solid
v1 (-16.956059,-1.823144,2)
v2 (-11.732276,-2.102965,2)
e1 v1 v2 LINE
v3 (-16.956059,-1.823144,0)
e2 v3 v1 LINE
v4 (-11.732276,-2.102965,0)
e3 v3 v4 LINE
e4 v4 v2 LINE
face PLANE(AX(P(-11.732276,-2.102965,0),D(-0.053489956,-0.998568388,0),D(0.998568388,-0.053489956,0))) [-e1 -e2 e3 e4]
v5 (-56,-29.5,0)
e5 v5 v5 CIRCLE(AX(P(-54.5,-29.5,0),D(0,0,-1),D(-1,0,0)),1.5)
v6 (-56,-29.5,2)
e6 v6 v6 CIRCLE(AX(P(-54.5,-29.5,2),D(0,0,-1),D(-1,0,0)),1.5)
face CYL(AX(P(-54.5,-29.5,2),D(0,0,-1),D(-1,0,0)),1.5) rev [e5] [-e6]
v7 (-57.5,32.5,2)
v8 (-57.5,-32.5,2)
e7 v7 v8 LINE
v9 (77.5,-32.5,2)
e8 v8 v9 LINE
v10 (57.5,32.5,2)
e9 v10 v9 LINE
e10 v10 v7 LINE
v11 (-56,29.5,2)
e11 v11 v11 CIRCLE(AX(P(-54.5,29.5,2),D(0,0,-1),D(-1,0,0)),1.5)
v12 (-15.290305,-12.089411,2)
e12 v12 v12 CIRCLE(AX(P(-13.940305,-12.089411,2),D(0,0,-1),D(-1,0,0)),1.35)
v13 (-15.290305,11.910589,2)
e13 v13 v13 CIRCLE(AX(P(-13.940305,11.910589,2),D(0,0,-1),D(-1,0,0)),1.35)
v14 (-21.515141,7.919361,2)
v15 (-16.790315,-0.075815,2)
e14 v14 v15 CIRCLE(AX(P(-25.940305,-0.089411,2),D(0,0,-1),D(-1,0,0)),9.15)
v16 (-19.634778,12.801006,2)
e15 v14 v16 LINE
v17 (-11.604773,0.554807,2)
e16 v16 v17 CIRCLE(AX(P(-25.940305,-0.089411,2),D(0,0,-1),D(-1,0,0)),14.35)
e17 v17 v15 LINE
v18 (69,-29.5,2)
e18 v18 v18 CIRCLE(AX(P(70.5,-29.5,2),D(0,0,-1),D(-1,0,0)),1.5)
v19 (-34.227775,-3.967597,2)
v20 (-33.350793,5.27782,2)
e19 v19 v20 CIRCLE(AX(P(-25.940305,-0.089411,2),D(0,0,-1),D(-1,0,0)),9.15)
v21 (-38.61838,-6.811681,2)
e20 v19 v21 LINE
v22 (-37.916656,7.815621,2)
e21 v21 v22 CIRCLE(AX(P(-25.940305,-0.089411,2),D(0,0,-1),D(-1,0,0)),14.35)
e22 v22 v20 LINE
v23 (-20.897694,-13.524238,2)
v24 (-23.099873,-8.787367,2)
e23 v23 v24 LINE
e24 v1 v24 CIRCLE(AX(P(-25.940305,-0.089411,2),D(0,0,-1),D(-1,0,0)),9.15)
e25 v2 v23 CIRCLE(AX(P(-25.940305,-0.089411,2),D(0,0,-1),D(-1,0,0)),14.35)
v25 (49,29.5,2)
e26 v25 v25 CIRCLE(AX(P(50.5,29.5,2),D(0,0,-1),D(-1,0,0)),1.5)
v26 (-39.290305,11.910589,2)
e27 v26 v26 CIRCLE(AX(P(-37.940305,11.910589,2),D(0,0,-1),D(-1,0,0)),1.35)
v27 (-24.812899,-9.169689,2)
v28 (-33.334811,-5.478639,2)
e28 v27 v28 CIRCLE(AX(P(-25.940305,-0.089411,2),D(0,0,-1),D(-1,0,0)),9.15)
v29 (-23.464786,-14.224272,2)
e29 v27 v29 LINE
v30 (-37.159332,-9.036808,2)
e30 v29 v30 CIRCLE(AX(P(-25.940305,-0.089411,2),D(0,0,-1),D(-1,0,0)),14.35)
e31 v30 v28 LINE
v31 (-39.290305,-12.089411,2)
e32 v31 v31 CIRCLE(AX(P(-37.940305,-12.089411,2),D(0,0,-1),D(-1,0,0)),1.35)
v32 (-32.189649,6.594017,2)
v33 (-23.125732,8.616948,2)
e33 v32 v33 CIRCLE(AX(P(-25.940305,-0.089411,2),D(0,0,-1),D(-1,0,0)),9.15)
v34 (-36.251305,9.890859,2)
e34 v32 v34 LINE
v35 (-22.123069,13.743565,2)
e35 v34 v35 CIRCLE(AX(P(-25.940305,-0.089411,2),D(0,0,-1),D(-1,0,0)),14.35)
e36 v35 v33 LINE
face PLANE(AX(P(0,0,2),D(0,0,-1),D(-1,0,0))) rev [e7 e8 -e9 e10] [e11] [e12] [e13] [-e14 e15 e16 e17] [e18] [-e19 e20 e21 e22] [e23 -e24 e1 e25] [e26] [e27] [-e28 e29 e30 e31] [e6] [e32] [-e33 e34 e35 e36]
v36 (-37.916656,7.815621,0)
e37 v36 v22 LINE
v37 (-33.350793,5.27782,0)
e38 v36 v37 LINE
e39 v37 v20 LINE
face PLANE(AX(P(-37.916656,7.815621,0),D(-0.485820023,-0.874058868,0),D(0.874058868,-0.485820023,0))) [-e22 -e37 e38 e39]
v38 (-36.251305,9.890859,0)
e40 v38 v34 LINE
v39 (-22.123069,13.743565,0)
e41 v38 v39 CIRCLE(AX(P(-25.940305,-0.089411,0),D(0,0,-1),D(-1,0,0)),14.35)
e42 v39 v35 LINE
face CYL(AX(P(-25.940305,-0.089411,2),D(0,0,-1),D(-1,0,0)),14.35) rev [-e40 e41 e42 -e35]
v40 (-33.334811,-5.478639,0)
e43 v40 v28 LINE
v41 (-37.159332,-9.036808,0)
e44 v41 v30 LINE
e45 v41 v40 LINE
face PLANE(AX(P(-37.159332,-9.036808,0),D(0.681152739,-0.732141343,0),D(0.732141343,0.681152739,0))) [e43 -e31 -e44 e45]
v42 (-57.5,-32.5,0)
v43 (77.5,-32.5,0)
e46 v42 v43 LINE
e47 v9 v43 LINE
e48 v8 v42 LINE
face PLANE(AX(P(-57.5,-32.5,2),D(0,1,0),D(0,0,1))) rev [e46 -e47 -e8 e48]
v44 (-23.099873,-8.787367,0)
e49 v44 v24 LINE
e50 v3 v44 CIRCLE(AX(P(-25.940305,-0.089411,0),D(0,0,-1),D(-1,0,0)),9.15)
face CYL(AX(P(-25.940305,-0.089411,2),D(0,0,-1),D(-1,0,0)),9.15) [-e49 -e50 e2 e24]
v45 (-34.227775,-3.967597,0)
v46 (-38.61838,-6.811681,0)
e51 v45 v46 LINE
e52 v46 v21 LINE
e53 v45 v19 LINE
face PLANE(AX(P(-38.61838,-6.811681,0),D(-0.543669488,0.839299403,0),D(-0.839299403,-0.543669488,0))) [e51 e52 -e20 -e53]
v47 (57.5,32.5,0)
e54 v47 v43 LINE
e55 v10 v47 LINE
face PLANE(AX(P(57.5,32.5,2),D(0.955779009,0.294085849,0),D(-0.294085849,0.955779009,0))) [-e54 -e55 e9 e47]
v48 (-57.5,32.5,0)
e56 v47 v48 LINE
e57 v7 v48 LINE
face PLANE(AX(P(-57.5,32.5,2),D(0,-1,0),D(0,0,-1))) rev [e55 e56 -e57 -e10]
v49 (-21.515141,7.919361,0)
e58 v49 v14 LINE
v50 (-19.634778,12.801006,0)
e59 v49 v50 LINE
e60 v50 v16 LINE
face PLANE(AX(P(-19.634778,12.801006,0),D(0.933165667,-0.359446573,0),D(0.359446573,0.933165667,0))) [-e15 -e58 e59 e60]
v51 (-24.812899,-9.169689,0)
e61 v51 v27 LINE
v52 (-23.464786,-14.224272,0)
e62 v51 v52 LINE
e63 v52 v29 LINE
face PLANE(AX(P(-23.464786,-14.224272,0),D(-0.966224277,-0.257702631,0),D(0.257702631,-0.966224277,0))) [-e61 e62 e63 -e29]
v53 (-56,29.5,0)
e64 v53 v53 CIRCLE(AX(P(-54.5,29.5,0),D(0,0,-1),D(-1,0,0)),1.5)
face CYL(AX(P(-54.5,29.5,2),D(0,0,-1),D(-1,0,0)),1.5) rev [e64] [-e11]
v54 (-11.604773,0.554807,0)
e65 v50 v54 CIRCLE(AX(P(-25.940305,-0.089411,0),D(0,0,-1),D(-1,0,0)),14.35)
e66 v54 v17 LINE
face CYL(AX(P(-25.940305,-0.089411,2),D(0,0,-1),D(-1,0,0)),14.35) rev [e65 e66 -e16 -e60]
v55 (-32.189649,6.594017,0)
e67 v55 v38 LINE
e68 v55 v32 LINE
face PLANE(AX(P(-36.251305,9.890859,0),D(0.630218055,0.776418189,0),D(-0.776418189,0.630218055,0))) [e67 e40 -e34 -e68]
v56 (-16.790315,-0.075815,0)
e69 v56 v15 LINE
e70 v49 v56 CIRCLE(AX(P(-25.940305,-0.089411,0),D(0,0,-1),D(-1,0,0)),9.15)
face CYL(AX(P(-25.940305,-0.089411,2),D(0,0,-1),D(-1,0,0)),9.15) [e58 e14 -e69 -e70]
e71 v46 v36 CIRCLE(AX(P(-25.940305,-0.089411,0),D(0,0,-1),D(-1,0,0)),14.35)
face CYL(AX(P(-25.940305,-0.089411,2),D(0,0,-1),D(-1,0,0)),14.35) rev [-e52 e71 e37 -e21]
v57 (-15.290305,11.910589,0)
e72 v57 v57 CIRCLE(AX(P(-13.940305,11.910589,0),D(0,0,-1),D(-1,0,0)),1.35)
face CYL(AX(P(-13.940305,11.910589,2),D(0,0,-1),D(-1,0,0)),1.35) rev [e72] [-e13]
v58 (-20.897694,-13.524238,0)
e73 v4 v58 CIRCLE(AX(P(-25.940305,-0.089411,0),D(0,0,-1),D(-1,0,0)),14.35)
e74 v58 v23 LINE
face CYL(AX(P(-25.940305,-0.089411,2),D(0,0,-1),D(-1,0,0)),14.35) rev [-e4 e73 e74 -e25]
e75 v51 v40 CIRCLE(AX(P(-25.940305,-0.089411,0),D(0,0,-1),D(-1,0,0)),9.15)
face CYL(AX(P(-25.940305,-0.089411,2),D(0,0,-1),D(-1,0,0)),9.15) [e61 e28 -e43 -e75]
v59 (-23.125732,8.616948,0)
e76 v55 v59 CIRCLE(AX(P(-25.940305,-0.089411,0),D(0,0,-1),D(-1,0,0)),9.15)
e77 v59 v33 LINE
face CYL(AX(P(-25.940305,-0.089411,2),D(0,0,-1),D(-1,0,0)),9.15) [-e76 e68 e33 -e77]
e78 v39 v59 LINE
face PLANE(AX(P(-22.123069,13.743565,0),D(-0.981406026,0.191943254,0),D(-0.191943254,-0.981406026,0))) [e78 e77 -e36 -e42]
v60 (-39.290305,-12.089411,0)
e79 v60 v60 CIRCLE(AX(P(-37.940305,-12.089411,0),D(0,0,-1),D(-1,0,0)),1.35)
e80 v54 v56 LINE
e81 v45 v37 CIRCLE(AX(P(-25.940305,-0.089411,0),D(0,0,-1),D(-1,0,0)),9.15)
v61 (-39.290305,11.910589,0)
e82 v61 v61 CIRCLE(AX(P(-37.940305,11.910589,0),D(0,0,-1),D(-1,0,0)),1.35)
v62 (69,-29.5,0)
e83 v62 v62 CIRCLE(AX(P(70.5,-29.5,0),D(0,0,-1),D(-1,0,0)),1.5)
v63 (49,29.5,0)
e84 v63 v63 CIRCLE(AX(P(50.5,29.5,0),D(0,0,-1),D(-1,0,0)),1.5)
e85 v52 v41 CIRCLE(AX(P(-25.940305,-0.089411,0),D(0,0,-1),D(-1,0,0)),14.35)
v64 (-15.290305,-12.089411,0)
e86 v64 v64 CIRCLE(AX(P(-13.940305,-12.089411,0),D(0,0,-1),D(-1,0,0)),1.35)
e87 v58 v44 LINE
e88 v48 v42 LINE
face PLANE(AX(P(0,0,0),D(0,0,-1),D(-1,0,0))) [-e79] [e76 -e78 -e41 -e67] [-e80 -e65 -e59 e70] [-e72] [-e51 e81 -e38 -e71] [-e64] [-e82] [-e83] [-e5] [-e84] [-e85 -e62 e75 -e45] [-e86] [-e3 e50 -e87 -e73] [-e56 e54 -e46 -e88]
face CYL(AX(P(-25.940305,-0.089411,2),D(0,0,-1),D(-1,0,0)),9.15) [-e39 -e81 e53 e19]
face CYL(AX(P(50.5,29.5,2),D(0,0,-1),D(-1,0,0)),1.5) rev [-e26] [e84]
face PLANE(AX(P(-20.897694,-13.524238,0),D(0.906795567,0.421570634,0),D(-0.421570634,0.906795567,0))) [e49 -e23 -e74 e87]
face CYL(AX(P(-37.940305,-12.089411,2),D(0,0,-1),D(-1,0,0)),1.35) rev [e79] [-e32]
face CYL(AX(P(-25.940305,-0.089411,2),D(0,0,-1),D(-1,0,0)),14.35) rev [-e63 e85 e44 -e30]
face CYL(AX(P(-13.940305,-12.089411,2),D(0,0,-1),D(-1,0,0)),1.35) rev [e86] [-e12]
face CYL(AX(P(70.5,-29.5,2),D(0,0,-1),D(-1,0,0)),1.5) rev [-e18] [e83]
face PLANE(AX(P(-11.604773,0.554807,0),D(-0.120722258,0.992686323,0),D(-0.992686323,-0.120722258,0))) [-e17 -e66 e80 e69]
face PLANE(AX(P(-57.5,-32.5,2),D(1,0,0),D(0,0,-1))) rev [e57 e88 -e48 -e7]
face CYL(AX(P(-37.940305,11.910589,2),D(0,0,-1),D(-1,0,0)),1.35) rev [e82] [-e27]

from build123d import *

# Parameters (mm, degrees)
CROQUIS1_W              = 115
CROQUIS1_H              = 65
SALIENTE_EXTRUIR1_DEPTH = 2
SALIENTE_EXTRUIR2_DEPTH = 2
CROQUIS3_R              = 1.5
CORTAR_EXTRUIR1_DEPTH   = 2
CROQUIS4_R              = 1.35
CROQUIS4_R_2            = 14.35
CROQUIS4_R_3            = 9.15
CORTAR_EXTRUIR3_DEPTH   = 2
CROQUIS5_R              = 1.366917162
SALIENTE_EXTRUIR3_DEPTH = 2
MATRIZC1_COUNT          = 5


with BuildPart() as part:
    # Croquis1 → Saliente-Extruir1 (new body)
    with BuildSketch(Plane.XY):
        Rectangle(CROQUIS1_W, CROQUIS1_H)
    extrude(amount=SALIENTE_EXTRUIR1_DEPTH)

    # Croquis2 → Saliente-Extruir2 (add)
    with BuildSketch(Plane(origin=(0, 0, 0), x_dir=(-1, 0, 0), z_dir=(0, 0, -1))):
        Polygon((-57.5, 32.5), (-77.5, -32.5), (-57.5, -32.5), align=None)
    extrude(amount=-SALIENTE_EXTRUIR2_DEPTH)

    # Croquis3 → Cortar-Extruir1 (cut)
    with BuildSketch(Plane(origin=(0, 0, 0), x_dir=(-1, 0, 0), z_dir=(0, 0, -1))):
        with Locations((-50.5, 29.5)):
            Circle(CROQUIS3_R)
        with Locations((-70.5, -29.5)):
            Circle(CROQUIS3_R)
        with Locations((54.5, -29.5)):
            Circle(CROQUIS3_R)
        with Locations((54.5, 29.5)):
            Circle(CROQUIS3_R)
    extrude(amount=-CORTAR_EXTRUIR1_DEPTH, mode=Mode.SUBTRACT)

    # Croquis4 → Cortar-Extruir3 (cut)
    # profile 1 of 5: a face of its own
    with BuildSketch(Plane(origin=(0, 0, 0), x_dir=(-1, 0, 0), z_dir=(0, 0, -1))):
        with Locations((13.94030488, 11.910589373)):
            Circle(CROQUIS4_R)
    # profile 2 of 5: a face of its own
    with BuildSketch(Plane(origin=(0, 0, 0), x_dir=(-1, 0, 0), z_dir=(0, 0, -1))):
        with Locations((37.94030488, 11.910589373)):
            Circle(CROQUIS4_R)
    # profile 3 of 5: a face of its own
    with BuildSketch(Plane(origin=(0, 0, 0), x_dir=(-1, 0, 0), z_dir=(0, 0, -1))):
        with Locations((37.94030488, -12.089410627)):
            Circle(CROQUIS4_R)
    # profile 4 of 5: a face of its own
    with BuildSketch(Plane(origin=(0, 0, 0), x_dir=(-1, 0, 0), z_dir=(0, 0, -1))):
        with Locations((13.94030488, -12.089410627)):
            Circle(CROQUIS4_R)
    # profile 5 of 5: a face of its own
    with BuildSketch(Plane(origin=(0, 0, 0), x_dir=(-1, 0, 0), z_dir=(0, 0, -1))):
        with Locations((25.94030488, -0.089410627)):
            Circle(CROQUIS4_R_2)
        with Locations((25.94030488, -0.089410627)):
            Circle(CROQUIS4_R_3, mode=Mode.SUBTRACT)
    extrude(amount=-CORTAR_EXTRUIR3_DEPTH, mode=Mode.SUBTRACT)


with BuildPart() as cortar_extruir3_piece_1:
    # of the separate pieces the step leaves, piece 1, a body of its own (cortar_extruir3_pieces)
    add(part.part.solids().sort_by_distance((-57.5, -32.5, 0))[0])



with BuildPart() as cortar_extruir3_piece_2:
    # of the separate pieces the step leaves, piece 2, a body of its own (cortar_extruir3_pieces)
    add(part.part.solids().sort_by_distance((-35.09030488, -0.089410627, 2))[0])


with BuildPart() as cortar_extruir3_piece_1_1:
    add(cortar_extruir3_piece_1.part)

    add(cortar_extruir3_piece_2.part)  # Saliente-Extruir3 merges Cortar-Extruir3 piece 2
    # Croquis5 → Saliente-Extruir3 (add)
    with BuildSketch(Plane.XY.offset(2)):
        with Locations((-25.94030488, -0.089410627)):
            Circle(CROQUIS5_R)
        with BuildLine():
            Line((-38.61837968, -6.811681029), (-34.227775342, -3.967597491))
            ThreePointArc((-34.227775342, -3.967597491), (-33.817608325, -4.744578769), (-33.334811119, -5.478638539))
            Line((-33.334811119, -5.478638539), (-37.159332333, -9.036808182))
            ThreePointArc((-37.159332333, -9.036808182), (-37.9405412, -7.958135318), (-38.61837968, -6.811681029))
        make_face()
    saliente_extruir3 = extrude(amount=-SALIENTE_EXTRUIR3_DEPTH)

    # MatrizC1: Saliente-Extruir3 ×5 about axis
    matrizc1_axis = Axis((-25.94030488, -0.089410627, 0), (0, 0, 1))
    for i in range(1, MATRIZC1_COUNT):
        add(saliente_extruir3.rotate(matrizc1_axis, i * 360 / MATRIZC1_COUNT))


solid = cortar_extruir3_piece_1_1.part
